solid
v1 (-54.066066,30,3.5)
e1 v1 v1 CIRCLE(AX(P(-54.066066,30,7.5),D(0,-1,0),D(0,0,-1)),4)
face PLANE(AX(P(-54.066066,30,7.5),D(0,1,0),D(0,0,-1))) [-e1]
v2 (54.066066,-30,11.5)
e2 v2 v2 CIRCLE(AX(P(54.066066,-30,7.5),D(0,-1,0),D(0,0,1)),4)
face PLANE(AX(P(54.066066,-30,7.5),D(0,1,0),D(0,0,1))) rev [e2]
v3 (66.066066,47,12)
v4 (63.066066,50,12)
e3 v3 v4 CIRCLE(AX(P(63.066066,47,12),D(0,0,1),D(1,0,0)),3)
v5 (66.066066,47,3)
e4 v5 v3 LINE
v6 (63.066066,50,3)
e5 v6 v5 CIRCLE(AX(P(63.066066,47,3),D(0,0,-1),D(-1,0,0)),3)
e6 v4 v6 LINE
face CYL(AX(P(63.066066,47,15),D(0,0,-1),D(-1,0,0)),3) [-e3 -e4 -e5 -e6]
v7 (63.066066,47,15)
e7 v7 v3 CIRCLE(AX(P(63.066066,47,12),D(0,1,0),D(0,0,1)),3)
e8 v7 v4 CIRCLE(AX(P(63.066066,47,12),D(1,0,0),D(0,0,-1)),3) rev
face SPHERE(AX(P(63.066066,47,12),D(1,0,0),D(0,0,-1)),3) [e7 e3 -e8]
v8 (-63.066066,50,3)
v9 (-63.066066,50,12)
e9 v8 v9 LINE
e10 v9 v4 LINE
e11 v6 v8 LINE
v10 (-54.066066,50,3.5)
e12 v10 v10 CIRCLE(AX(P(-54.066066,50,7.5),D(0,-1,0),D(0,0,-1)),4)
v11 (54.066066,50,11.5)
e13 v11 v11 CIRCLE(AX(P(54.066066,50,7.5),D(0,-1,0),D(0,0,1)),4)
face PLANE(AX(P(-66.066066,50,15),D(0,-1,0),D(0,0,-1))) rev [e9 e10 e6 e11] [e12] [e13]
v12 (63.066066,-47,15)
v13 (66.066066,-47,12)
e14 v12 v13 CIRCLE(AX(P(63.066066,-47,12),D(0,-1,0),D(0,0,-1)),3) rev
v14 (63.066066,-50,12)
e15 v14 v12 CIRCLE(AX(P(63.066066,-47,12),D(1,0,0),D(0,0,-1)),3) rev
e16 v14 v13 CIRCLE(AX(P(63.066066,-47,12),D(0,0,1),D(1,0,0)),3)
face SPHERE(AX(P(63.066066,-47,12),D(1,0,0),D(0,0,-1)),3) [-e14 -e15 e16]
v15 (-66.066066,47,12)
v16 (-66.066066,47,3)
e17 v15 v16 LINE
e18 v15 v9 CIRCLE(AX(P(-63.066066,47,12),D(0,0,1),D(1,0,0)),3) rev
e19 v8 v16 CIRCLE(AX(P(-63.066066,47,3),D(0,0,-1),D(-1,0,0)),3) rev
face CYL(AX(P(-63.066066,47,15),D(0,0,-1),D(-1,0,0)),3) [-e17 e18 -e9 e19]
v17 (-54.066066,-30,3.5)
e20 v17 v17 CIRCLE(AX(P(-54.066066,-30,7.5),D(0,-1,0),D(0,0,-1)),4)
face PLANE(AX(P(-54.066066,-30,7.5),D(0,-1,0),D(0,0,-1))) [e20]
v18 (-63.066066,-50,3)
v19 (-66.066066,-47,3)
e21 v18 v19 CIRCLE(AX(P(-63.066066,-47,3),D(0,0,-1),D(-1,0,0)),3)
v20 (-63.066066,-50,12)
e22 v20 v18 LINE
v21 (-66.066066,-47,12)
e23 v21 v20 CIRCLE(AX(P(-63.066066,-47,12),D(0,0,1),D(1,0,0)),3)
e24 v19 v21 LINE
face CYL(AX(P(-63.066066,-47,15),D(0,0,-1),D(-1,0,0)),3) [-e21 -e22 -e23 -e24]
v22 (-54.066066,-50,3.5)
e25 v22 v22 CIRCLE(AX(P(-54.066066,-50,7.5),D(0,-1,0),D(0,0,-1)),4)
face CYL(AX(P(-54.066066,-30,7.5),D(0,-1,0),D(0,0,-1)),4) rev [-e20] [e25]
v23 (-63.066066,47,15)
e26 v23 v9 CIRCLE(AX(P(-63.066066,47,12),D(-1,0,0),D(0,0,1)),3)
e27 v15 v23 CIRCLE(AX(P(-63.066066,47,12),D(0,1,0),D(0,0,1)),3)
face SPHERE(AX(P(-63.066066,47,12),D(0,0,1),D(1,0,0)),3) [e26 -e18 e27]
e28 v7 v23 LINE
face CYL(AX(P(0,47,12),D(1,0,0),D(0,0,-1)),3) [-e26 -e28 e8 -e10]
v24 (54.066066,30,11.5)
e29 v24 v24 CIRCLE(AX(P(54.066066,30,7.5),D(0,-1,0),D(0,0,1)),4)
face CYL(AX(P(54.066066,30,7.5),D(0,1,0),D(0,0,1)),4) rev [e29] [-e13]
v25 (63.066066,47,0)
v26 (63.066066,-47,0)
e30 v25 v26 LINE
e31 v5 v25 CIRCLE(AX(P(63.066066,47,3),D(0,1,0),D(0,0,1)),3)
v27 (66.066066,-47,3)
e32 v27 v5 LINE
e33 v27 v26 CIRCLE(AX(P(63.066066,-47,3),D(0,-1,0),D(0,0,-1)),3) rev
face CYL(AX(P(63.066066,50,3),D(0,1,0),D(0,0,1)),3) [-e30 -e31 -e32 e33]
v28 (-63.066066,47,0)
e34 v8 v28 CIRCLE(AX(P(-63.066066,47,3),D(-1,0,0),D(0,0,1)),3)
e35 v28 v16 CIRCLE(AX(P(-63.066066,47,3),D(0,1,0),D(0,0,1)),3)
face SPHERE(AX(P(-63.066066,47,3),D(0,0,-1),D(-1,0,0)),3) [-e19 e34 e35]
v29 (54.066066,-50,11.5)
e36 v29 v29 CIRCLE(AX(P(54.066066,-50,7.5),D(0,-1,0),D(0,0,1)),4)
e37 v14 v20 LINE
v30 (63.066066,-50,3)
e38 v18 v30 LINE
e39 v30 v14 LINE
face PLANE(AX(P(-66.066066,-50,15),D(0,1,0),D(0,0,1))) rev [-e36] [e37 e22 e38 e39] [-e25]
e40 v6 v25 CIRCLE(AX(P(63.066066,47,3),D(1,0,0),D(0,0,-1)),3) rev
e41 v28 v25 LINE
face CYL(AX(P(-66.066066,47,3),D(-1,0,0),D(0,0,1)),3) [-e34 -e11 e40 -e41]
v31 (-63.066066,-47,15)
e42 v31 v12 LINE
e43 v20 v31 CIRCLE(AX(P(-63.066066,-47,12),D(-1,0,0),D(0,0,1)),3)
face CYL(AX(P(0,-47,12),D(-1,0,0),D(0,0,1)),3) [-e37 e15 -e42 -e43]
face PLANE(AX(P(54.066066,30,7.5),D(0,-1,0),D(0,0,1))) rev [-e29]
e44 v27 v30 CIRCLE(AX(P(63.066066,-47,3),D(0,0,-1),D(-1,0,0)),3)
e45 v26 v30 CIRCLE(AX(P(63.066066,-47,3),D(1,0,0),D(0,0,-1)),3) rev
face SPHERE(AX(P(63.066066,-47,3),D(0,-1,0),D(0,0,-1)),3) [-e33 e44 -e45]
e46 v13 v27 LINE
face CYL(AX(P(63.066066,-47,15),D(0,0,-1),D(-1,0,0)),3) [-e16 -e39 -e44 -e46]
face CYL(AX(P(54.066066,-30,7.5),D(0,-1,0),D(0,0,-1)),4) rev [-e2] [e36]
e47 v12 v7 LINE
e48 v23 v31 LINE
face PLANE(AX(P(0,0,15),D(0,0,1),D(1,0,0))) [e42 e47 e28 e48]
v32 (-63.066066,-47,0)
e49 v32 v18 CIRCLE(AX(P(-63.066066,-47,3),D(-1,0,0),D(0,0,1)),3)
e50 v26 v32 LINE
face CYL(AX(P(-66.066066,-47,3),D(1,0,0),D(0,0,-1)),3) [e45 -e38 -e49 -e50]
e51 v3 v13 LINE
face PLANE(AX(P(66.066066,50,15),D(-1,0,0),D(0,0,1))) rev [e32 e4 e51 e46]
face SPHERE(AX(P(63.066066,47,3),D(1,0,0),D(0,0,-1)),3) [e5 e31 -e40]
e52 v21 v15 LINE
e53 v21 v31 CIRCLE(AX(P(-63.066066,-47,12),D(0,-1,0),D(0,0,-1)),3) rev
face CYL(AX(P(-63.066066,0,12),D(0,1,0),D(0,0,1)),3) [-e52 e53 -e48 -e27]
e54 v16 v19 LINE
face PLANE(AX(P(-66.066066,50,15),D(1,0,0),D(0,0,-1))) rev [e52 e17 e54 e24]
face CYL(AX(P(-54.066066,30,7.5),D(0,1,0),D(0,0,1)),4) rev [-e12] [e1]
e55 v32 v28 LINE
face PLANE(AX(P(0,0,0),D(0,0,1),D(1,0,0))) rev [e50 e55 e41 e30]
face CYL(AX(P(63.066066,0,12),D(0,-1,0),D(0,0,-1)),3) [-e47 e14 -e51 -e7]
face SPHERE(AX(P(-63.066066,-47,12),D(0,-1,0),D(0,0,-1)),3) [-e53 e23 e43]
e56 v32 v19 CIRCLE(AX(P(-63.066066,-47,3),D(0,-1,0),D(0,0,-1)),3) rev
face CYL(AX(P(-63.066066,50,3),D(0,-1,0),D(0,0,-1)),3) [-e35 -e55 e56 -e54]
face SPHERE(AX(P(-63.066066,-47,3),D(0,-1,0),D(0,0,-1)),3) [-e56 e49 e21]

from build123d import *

# Parameters (mm, degrees)
SKETCH1_W           = 132.132132132
SKETCH1_H           = 100
BOSS_EXTRUDE1_DEPTH = 15
SKETCH2_R           = 4
CUT_EXTRUDE1_DEPTH  = 20
FILLET1_R           = 3


with BuildPart() as part:
    # Sketch1 → Boss-Extrude1 (new body)
    with BuildSketch(Plane.XY):
        Rectangle(SKETCH1_W, SKETCH1_H)
    extrude(amount=BOSS_EXTRUDE1_DEPTH)

    # Sketch2 → Cut-Extrude1 (cut)
    with BuildSketch(Plane.XZ.offset(50)):
        with Locations(Location((-54.066066066, 7.5, 0), (0, 0, 270))):
            Circle(SKETCH2_R)
        with Locations(Location((54.066066066, 7.5, 0), (0, 0, 90))):
            Circle(SKETCH2_R)
    cut_extrude1 = extrude(amount=-CUT_EXTRUDE1_DEPTH, mode=Mode.SUBTRACT)

    # Mirror1: Cut-Extrude1 across plane
    add(cut_extrude1.mirror(Plane.ZX), mode=Mode.SUBTRACT)

    # Fillet1
    fillet1_edges = [part.edges().sort_by_distance(p)[0] for p in [
        (-66.066066066, 0, 15),
        (0, -50, 15),
        (66.066066066, 0, 15),
        (0, -50, 0),
        (-66.066066066, 0, 0),
        (0, 50, 0),
        (66.066066066, 0, 0),
        (66.066066066, -50, 7.5),
        (-66.066066066, -50, 7.5),
        (-66.066066066, 50, 7.5),
        (66.066066066, 50, 7.5),
        (0, 50, 15),
    ]]
    fillet(fillet1_edges, radius=FILLET1_R)


solid = part.part
